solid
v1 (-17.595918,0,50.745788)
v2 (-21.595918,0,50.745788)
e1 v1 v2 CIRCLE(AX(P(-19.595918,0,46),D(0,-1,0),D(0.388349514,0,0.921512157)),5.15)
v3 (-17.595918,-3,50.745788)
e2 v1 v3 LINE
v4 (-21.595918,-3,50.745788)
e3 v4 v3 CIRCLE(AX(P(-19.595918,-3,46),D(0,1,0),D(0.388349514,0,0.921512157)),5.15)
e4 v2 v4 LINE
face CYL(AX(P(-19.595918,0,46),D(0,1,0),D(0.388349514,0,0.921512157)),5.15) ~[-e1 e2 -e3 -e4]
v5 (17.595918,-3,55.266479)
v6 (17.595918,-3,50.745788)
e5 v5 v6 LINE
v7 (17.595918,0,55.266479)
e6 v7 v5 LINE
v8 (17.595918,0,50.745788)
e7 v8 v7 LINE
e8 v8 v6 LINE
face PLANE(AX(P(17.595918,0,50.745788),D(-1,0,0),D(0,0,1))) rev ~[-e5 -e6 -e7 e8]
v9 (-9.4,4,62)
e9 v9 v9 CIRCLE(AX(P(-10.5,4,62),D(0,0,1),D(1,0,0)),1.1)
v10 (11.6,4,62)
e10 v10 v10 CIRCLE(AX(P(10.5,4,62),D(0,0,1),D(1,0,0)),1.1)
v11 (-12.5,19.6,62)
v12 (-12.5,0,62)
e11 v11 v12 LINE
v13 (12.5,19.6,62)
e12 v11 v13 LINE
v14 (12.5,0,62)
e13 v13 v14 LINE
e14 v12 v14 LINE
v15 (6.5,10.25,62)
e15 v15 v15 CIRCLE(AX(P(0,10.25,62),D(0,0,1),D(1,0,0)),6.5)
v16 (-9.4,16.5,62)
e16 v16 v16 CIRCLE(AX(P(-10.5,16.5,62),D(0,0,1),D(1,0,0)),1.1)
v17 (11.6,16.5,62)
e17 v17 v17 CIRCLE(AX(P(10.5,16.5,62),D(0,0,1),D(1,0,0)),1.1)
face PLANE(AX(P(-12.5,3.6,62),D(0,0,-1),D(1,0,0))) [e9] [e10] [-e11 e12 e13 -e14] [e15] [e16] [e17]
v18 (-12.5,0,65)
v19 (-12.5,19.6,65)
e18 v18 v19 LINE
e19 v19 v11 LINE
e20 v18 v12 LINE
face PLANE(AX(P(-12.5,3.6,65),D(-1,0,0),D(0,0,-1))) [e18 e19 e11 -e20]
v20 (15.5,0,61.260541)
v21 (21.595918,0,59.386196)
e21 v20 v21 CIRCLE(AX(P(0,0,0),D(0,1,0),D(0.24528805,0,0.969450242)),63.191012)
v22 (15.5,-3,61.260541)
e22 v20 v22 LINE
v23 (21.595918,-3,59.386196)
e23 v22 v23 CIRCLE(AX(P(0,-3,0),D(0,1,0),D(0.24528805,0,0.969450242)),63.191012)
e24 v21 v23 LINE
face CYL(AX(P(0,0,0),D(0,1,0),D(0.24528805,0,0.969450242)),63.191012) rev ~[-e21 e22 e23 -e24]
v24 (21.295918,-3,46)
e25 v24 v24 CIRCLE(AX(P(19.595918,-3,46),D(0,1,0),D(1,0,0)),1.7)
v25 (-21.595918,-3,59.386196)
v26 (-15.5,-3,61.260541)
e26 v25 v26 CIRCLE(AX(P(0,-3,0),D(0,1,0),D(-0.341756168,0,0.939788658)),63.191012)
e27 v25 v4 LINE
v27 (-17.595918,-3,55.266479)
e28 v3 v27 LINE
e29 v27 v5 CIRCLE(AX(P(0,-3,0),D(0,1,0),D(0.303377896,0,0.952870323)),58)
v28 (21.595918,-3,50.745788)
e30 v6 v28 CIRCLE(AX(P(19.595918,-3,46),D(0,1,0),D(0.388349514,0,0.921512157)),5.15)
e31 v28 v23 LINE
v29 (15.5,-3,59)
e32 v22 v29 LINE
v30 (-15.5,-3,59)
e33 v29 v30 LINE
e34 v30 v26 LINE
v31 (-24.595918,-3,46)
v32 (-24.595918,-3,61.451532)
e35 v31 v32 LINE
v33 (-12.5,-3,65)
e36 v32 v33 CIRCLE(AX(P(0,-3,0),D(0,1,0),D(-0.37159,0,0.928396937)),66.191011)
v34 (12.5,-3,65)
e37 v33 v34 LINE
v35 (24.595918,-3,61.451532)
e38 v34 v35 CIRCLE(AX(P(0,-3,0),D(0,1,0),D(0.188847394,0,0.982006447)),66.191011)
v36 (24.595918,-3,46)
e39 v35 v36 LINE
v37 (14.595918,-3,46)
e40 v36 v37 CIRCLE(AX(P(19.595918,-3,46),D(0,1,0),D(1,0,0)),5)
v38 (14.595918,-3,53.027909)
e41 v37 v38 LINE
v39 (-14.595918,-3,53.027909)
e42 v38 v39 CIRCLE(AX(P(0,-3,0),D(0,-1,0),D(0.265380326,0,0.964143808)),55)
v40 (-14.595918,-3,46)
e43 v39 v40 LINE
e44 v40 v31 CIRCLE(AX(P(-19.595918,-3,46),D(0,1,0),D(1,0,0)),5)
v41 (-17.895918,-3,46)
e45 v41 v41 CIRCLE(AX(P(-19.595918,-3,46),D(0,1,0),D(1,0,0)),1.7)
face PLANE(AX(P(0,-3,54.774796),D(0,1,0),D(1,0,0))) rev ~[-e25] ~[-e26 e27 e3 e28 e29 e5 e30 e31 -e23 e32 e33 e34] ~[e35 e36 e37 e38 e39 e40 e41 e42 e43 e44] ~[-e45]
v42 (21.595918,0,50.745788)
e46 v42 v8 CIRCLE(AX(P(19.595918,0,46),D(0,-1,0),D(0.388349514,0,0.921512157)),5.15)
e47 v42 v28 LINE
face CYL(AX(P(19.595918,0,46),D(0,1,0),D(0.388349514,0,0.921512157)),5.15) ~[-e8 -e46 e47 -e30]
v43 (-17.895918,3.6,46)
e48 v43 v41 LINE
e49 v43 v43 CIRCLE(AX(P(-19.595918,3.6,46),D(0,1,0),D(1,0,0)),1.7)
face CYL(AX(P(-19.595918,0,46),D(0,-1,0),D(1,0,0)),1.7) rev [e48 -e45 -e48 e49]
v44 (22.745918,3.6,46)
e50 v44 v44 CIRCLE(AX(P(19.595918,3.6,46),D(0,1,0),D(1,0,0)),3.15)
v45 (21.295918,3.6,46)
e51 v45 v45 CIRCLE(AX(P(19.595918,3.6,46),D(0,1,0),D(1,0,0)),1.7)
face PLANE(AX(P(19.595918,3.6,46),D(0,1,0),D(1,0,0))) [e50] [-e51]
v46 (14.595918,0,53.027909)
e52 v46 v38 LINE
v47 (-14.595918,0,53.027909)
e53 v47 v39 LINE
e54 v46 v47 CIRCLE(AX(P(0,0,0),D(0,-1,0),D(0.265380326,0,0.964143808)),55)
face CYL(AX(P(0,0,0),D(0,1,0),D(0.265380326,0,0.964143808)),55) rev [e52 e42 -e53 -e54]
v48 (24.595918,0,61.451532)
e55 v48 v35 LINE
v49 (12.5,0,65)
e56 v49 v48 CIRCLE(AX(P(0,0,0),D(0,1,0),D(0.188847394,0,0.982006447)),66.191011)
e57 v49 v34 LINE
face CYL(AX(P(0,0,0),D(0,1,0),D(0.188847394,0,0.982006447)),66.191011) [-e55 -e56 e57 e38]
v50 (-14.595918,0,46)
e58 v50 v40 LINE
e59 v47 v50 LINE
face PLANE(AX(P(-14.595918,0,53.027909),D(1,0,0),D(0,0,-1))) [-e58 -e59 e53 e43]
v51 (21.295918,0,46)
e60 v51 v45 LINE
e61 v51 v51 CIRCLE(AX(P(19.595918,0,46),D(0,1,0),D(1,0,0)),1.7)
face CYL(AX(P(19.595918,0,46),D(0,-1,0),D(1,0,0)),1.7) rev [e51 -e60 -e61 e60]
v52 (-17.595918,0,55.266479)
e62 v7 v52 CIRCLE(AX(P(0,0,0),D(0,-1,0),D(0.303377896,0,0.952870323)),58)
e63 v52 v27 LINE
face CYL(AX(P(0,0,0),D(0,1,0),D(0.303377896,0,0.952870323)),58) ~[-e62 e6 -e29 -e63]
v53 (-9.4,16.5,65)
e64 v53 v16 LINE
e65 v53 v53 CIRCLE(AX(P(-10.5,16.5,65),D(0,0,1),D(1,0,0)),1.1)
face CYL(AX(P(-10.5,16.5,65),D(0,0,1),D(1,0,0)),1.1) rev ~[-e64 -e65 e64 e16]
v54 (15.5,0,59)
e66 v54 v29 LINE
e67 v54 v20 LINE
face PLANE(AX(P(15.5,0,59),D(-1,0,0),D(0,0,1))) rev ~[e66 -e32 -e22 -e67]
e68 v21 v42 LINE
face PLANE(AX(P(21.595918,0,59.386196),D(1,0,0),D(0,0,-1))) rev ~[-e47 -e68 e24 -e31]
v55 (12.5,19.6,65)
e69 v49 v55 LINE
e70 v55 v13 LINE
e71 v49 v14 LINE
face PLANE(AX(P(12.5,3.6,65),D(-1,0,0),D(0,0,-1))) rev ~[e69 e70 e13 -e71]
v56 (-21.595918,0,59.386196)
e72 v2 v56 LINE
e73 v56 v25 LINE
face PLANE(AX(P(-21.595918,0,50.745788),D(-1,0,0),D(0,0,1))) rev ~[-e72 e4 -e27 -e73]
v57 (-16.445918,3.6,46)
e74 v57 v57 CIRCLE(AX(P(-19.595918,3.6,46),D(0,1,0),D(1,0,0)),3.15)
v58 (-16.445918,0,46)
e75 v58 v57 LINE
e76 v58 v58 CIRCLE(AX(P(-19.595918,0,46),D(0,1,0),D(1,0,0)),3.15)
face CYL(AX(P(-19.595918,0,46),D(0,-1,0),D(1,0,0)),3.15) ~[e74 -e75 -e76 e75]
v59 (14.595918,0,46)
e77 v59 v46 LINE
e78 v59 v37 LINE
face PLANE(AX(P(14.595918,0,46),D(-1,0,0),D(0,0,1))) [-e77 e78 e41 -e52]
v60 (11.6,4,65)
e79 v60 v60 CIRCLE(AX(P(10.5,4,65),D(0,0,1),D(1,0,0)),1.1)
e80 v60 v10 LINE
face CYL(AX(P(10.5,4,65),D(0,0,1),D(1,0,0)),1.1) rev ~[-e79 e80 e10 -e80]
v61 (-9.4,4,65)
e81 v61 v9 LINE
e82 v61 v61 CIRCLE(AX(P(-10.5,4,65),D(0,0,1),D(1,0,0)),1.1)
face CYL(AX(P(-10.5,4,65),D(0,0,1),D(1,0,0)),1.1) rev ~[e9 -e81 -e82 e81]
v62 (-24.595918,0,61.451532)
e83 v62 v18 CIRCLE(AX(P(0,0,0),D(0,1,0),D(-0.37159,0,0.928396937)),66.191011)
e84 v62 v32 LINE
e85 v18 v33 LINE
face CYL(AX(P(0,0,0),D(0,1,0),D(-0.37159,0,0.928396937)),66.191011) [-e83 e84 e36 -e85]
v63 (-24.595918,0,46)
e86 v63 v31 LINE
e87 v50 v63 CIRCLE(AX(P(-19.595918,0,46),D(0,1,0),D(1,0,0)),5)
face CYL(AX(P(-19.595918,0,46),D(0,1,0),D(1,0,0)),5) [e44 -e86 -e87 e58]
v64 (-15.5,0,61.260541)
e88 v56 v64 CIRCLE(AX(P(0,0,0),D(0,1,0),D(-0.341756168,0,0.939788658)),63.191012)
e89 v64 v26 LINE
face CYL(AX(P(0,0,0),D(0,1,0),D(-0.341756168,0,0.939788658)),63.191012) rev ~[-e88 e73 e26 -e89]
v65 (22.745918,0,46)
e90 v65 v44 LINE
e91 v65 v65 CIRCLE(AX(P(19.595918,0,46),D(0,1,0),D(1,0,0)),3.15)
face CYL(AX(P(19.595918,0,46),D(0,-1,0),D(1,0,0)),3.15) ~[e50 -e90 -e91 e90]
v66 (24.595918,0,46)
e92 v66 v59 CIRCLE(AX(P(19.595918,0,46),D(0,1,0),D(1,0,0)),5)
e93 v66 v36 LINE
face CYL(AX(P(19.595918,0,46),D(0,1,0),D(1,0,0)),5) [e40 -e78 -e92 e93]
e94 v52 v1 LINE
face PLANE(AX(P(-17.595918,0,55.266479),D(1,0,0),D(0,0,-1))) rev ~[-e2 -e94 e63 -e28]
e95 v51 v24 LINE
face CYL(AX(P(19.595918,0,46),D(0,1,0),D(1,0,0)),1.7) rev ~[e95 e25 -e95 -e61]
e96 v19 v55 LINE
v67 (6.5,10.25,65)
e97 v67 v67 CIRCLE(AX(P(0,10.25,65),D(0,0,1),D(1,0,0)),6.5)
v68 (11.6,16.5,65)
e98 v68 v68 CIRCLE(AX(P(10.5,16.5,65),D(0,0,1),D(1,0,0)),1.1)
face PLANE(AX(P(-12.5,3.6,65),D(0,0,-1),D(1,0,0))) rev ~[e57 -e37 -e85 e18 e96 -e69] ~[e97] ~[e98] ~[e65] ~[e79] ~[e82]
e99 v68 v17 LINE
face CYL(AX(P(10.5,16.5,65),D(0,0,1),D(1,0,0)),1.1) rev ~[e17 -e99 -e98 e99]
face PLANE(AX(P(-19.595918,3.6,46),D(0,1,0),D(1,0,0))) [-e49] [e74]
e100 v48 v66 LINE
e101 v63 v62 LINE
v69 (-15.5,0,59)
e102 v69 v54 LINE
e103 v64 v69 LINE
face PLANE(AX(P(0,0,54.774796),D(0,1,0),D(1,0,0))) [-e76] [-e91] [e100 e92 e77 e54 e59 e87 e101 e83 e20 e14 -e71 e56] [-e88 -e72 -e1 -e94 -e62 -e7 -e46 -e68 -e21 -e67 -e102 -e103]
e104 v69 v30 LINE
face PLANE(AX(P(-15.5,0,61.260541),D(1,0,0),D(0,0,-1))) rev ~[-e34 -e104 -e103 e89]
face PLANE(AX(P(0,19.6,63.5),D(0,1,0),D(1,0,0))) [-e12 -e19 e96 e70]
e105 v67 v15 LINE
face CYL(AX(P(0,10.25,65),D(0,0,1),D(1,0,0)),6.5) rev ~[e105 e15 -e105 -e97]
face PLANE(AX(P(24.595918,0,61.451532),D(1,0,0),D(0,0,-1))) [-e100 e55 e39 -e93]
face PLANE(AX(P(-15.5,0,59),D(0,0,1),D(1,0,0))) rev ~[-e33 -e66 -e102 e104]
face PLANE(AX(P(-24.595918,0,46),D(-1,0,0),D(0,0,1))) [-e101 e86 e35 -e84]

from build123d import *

# Parameters (mm, degrees)
SKETCH1_R           = 1.7
BOSS_EXTRUDE2_DEPTH = 3
SKETCH1_5_R         = 3.15
SKETCH1_5_R_2       = 1.7
SKETCH1_5_W         = 25
SKETCH1_5_H         = 3
BOSS_EXTRUDE3_DEPTH = 3.6
BOSS_EXTRUDE4_START = 3.6
SKETCH1_7_W         = 25
SKETCH1_7_H         = 3
BOSS_EXTRUDE4_DEPTH = 16
CUT_EXTRUDE1_REACH  = 26
SKETCH2_R           = 1.1
SKETCH2_R_2         = 6.5
CUT_EXTRUDE2_REACH  = 5


with BuildPart() as part:
    # Sketch1 → Boss-Extrude2 (new body)
    with BuildSketch(Plane(origin=(0, 0, 0), x_dir=(1, 0, 0), z_dir=(0, 1, 0))):
        with BuildLine():
            ThreePointArc((24.595917942, -46), (19.595917942, -41), (14.595917942, -46))
            Line((14.595917942, -46), (14.595917942, -53.027909439))
            ThreePointArc((14.595917942, -53.027909439), (0, -55), (-14.595917942, -53.027909439))
            Line((-14.595917942, -53.027909439), (-14.595917942, -46))
            ThreePointArc((-14.595917942, -46), (-19.595917942, -41), (-24.595917942, -46))
            Line((-24.595917942, -46), (-24.595917942, -61.451532288))
            ThreePointArc((-24.595917942, -61.451532288), (-18.632624286, -63.514370911), (-12.5, -65))
            Line((-12.5, -65), (12.5, -65))
            ThreePointArc((12.5, -65), (18.632624286, -63.514370911), (24.595917942, -61.451532288))
            Line((24.595917942, -61.451532288), (24.595917942, -46))
        make_face()
        with Locations((-19.595917942, -46)):
            Circle(SKETCH1_R, mode=Mode.SUBTRACT)
        with Locations((19.595917942, -46)):
            Circle(SKETCH1_R, mode=Mode.SUBTRACT)
    extrude(amount=-BOSS_EXTRUDE2_DEPTH)

    # Sketch1<5> → Boss-Extrude3 (add)
    with BuildSketch(Plane(origin=(0, 0, 0), x_dir=(1, 0, 0), z_dir=(0, 1, 0))):
        with Locations((-19.595917942, -46)):
            Circle(SKETCH1_5_R)
        with Locations((-19.595917942, -46)):
            Circle(SKETCH1_5_R_2, mode=Mode.SUBTRACT)
        with Locations((19.595917942, -46)):
            Circle(SKETCH1_5_R)
        with Locations((19.595917942, -46)):
            Circle(SKETCH1_5_R_2, mode=Mode.SUBTRACT)
        with Locations((0, -63.5)):
            Rectangle(SKETCH1_5_W, SKETCH1_5_H)
    extrude(amount=BOSS_EXTRUDE3_DEPTH)

    # Sketch1<7> → Boss-Extrude4 (add)
    with BuildSketch(Plane(origin=(0, 0, 0), x_dir=(1, 0, 0), z_dir=(0, 1, 0)).offset(BOSS_EXTRUDE4_START)):
        with Locations((0, -63.5)):
            Rectangle(SKETCH1_7_W, SKETCH1_7_H)
    extrude(amount=BOSS_EXTRUDE4_DEPTH)

    # Sketch2 → Cut-Extrude1 (cut, up to next)
    with BuildSketch(Plane.XY.offset(65), mode=Mode.PRIVATE) as cut_extrude1_sk1:
        with Locations((-10.5, 4)):
            Circle(SKETCH2_R)
    cut_extrude1_tool1 = extrude(cut_extrude1_sk1.sketch, amount=-CUT_EXTRUDE1_REACH, mode=Mode.PRIVATE) & part.part
    add(cut_extrude1_tool1.solids().sort_by_distance((-10.5, 4, 65))[0], mode=Mode.SUBTRACT)
    # Sketch2 → Cut-Extrude1 (cut, up to next)
    with BuildSketch(Plane.XY.offset(65), mode=Mode.PRIVATE) as cut_extrude1_sk2:
        with Locations((-10.5, 16.5)):
            Circle(SKETCH2_R)
    cut_extrude1_tool2 = extrude(cut_extrude1_sk2.sketch, amount=-CUT_EXTRUDE1_REACH, mode=Mode.PRIVATE) & part.part
    add(cut_extrude1_tool2.solids().sort_by_distance((-10.5, 16.5, 65))[0], mode=Mode.SUBTRACT)
    # Sketch2 → Cut-Extrude1 (cut, up to next)
    with BuildSketch(Plane.XY.offset(65), mode=Mode.PRIVATE) as cut_extrude1_sk3:
        with Locations((10.5, 4)):
            Circle(SKETCH2_R)
    cut_extrude1_tool3 = extrude(cut_extrude1_sk3.sketch, amount=-CUT_EXTRUDE1_REACH, mode=Mode.PRIVATE) & part.part
    add(cut_extrude1_tool3.solids().sort_by_distance((10.5, 4, 65))[0], mode=Mode.SUBTRACT)
    # Sketch2 → Cut-Extrude1 (cut, up to next)
    with BuildSketch(Plane.XY.offset(65), mode=Mode.PRIVATE) as cut_extrude1_sk4:
        with Locations((10.5, 16.5)):
            Circle(SKETCH2_R)
    cut_extrude1_tool4 = extrude(cut_extrude1_sk4.sketch, amount=-CUT_EXTRUDE1_REACH, mode=Mode.PRIVATE) & part.part
    add(cut_extrude1_tool4.solids().sort_by_distance((10.5, 16.5, 65))[0], mode=Mode.SUBTRACT)
    # Sketch2 → Cut-Extrude1 (cut, up to next)
    with BuildSketch(Plane.XY.offset(65), mode=Mode.PRIVATE) as cut_extrude1_sk5:
        with Locations((0, 10.25)):
            Circle(SKETCH2_R_2)
    cut_extrude1_tool5 = extrude(cut_extrude1_sk5.sketch, amount=-CUT_EXTRUDE1_REACH, mode=Mode.PRIVATE) & part.part
    add(cut_extrude1_tool5.solids().sort_by_distance((0, 10.25, 65))[0], mode=Mode.SUBTRACT)

    # Sketch3 → Cut-Extrude2 (cut, up to next)
    with BuildSketch(Plane(origin=(0, 0, 0), x_dir=(1, 0, 0), z_dir=(0, 1, 0)), mode=Mode.PRIVATE) as cut_extrude2_sk1:
        with BuildLine():
            Line((-15.5, -61.260541388), (-15.5, -59))
            Line((-15.5, -59), (15.5, -59))
            Line((15.5, -59), (15.5, -61.260541388))
            ThreePointArc((15.5, -61.260541388), (18.571620144, -60.400321658), (21.595917942, -59.386195866))
            Line((21.595917942, -59.386195866), (21.595917942, -50.745787606))
            ThreePointArc((21.595917942, -50.745787606), (19.595917942, -51.15), (17.595917942, -50.745787606))
            Line((17.595917942, -50.745787606), (17.595917942, -55.266478735))
            ThreePointArc((17.595917942, -55.266478735), (0, -58), (-17.595917942, -55.266478735))
            Line((-17.595917942, -55.266478735), (-17.595917942, -50.745787606))
            ThreePointArc((-17.595917942, -50.745787606), (-19.595917942, -51.15), (-21.595917942, -50.745787606))
            Line((-21.595917942, -50.745787606), (-21.595917942, -59.386195866))
            ThreePointArc((-21.595917942, -59.386195866), (-18.571620144, -60.400321658), (-15.5, -61.260541388))
        make_face()
    cut_extrude2_tool1 = extrude(cut_extrude2_sk1.sketch, amount=-CUT_EXTRUDE2_REACH, mode=Mode.PRIVATE) & part.part
    add(cut_extrude2_tool1.solids().sort_by_distance((-18.040451, 0, 53.006133))[0], mode=Mode.SUBTRACT)


solid = part.part
